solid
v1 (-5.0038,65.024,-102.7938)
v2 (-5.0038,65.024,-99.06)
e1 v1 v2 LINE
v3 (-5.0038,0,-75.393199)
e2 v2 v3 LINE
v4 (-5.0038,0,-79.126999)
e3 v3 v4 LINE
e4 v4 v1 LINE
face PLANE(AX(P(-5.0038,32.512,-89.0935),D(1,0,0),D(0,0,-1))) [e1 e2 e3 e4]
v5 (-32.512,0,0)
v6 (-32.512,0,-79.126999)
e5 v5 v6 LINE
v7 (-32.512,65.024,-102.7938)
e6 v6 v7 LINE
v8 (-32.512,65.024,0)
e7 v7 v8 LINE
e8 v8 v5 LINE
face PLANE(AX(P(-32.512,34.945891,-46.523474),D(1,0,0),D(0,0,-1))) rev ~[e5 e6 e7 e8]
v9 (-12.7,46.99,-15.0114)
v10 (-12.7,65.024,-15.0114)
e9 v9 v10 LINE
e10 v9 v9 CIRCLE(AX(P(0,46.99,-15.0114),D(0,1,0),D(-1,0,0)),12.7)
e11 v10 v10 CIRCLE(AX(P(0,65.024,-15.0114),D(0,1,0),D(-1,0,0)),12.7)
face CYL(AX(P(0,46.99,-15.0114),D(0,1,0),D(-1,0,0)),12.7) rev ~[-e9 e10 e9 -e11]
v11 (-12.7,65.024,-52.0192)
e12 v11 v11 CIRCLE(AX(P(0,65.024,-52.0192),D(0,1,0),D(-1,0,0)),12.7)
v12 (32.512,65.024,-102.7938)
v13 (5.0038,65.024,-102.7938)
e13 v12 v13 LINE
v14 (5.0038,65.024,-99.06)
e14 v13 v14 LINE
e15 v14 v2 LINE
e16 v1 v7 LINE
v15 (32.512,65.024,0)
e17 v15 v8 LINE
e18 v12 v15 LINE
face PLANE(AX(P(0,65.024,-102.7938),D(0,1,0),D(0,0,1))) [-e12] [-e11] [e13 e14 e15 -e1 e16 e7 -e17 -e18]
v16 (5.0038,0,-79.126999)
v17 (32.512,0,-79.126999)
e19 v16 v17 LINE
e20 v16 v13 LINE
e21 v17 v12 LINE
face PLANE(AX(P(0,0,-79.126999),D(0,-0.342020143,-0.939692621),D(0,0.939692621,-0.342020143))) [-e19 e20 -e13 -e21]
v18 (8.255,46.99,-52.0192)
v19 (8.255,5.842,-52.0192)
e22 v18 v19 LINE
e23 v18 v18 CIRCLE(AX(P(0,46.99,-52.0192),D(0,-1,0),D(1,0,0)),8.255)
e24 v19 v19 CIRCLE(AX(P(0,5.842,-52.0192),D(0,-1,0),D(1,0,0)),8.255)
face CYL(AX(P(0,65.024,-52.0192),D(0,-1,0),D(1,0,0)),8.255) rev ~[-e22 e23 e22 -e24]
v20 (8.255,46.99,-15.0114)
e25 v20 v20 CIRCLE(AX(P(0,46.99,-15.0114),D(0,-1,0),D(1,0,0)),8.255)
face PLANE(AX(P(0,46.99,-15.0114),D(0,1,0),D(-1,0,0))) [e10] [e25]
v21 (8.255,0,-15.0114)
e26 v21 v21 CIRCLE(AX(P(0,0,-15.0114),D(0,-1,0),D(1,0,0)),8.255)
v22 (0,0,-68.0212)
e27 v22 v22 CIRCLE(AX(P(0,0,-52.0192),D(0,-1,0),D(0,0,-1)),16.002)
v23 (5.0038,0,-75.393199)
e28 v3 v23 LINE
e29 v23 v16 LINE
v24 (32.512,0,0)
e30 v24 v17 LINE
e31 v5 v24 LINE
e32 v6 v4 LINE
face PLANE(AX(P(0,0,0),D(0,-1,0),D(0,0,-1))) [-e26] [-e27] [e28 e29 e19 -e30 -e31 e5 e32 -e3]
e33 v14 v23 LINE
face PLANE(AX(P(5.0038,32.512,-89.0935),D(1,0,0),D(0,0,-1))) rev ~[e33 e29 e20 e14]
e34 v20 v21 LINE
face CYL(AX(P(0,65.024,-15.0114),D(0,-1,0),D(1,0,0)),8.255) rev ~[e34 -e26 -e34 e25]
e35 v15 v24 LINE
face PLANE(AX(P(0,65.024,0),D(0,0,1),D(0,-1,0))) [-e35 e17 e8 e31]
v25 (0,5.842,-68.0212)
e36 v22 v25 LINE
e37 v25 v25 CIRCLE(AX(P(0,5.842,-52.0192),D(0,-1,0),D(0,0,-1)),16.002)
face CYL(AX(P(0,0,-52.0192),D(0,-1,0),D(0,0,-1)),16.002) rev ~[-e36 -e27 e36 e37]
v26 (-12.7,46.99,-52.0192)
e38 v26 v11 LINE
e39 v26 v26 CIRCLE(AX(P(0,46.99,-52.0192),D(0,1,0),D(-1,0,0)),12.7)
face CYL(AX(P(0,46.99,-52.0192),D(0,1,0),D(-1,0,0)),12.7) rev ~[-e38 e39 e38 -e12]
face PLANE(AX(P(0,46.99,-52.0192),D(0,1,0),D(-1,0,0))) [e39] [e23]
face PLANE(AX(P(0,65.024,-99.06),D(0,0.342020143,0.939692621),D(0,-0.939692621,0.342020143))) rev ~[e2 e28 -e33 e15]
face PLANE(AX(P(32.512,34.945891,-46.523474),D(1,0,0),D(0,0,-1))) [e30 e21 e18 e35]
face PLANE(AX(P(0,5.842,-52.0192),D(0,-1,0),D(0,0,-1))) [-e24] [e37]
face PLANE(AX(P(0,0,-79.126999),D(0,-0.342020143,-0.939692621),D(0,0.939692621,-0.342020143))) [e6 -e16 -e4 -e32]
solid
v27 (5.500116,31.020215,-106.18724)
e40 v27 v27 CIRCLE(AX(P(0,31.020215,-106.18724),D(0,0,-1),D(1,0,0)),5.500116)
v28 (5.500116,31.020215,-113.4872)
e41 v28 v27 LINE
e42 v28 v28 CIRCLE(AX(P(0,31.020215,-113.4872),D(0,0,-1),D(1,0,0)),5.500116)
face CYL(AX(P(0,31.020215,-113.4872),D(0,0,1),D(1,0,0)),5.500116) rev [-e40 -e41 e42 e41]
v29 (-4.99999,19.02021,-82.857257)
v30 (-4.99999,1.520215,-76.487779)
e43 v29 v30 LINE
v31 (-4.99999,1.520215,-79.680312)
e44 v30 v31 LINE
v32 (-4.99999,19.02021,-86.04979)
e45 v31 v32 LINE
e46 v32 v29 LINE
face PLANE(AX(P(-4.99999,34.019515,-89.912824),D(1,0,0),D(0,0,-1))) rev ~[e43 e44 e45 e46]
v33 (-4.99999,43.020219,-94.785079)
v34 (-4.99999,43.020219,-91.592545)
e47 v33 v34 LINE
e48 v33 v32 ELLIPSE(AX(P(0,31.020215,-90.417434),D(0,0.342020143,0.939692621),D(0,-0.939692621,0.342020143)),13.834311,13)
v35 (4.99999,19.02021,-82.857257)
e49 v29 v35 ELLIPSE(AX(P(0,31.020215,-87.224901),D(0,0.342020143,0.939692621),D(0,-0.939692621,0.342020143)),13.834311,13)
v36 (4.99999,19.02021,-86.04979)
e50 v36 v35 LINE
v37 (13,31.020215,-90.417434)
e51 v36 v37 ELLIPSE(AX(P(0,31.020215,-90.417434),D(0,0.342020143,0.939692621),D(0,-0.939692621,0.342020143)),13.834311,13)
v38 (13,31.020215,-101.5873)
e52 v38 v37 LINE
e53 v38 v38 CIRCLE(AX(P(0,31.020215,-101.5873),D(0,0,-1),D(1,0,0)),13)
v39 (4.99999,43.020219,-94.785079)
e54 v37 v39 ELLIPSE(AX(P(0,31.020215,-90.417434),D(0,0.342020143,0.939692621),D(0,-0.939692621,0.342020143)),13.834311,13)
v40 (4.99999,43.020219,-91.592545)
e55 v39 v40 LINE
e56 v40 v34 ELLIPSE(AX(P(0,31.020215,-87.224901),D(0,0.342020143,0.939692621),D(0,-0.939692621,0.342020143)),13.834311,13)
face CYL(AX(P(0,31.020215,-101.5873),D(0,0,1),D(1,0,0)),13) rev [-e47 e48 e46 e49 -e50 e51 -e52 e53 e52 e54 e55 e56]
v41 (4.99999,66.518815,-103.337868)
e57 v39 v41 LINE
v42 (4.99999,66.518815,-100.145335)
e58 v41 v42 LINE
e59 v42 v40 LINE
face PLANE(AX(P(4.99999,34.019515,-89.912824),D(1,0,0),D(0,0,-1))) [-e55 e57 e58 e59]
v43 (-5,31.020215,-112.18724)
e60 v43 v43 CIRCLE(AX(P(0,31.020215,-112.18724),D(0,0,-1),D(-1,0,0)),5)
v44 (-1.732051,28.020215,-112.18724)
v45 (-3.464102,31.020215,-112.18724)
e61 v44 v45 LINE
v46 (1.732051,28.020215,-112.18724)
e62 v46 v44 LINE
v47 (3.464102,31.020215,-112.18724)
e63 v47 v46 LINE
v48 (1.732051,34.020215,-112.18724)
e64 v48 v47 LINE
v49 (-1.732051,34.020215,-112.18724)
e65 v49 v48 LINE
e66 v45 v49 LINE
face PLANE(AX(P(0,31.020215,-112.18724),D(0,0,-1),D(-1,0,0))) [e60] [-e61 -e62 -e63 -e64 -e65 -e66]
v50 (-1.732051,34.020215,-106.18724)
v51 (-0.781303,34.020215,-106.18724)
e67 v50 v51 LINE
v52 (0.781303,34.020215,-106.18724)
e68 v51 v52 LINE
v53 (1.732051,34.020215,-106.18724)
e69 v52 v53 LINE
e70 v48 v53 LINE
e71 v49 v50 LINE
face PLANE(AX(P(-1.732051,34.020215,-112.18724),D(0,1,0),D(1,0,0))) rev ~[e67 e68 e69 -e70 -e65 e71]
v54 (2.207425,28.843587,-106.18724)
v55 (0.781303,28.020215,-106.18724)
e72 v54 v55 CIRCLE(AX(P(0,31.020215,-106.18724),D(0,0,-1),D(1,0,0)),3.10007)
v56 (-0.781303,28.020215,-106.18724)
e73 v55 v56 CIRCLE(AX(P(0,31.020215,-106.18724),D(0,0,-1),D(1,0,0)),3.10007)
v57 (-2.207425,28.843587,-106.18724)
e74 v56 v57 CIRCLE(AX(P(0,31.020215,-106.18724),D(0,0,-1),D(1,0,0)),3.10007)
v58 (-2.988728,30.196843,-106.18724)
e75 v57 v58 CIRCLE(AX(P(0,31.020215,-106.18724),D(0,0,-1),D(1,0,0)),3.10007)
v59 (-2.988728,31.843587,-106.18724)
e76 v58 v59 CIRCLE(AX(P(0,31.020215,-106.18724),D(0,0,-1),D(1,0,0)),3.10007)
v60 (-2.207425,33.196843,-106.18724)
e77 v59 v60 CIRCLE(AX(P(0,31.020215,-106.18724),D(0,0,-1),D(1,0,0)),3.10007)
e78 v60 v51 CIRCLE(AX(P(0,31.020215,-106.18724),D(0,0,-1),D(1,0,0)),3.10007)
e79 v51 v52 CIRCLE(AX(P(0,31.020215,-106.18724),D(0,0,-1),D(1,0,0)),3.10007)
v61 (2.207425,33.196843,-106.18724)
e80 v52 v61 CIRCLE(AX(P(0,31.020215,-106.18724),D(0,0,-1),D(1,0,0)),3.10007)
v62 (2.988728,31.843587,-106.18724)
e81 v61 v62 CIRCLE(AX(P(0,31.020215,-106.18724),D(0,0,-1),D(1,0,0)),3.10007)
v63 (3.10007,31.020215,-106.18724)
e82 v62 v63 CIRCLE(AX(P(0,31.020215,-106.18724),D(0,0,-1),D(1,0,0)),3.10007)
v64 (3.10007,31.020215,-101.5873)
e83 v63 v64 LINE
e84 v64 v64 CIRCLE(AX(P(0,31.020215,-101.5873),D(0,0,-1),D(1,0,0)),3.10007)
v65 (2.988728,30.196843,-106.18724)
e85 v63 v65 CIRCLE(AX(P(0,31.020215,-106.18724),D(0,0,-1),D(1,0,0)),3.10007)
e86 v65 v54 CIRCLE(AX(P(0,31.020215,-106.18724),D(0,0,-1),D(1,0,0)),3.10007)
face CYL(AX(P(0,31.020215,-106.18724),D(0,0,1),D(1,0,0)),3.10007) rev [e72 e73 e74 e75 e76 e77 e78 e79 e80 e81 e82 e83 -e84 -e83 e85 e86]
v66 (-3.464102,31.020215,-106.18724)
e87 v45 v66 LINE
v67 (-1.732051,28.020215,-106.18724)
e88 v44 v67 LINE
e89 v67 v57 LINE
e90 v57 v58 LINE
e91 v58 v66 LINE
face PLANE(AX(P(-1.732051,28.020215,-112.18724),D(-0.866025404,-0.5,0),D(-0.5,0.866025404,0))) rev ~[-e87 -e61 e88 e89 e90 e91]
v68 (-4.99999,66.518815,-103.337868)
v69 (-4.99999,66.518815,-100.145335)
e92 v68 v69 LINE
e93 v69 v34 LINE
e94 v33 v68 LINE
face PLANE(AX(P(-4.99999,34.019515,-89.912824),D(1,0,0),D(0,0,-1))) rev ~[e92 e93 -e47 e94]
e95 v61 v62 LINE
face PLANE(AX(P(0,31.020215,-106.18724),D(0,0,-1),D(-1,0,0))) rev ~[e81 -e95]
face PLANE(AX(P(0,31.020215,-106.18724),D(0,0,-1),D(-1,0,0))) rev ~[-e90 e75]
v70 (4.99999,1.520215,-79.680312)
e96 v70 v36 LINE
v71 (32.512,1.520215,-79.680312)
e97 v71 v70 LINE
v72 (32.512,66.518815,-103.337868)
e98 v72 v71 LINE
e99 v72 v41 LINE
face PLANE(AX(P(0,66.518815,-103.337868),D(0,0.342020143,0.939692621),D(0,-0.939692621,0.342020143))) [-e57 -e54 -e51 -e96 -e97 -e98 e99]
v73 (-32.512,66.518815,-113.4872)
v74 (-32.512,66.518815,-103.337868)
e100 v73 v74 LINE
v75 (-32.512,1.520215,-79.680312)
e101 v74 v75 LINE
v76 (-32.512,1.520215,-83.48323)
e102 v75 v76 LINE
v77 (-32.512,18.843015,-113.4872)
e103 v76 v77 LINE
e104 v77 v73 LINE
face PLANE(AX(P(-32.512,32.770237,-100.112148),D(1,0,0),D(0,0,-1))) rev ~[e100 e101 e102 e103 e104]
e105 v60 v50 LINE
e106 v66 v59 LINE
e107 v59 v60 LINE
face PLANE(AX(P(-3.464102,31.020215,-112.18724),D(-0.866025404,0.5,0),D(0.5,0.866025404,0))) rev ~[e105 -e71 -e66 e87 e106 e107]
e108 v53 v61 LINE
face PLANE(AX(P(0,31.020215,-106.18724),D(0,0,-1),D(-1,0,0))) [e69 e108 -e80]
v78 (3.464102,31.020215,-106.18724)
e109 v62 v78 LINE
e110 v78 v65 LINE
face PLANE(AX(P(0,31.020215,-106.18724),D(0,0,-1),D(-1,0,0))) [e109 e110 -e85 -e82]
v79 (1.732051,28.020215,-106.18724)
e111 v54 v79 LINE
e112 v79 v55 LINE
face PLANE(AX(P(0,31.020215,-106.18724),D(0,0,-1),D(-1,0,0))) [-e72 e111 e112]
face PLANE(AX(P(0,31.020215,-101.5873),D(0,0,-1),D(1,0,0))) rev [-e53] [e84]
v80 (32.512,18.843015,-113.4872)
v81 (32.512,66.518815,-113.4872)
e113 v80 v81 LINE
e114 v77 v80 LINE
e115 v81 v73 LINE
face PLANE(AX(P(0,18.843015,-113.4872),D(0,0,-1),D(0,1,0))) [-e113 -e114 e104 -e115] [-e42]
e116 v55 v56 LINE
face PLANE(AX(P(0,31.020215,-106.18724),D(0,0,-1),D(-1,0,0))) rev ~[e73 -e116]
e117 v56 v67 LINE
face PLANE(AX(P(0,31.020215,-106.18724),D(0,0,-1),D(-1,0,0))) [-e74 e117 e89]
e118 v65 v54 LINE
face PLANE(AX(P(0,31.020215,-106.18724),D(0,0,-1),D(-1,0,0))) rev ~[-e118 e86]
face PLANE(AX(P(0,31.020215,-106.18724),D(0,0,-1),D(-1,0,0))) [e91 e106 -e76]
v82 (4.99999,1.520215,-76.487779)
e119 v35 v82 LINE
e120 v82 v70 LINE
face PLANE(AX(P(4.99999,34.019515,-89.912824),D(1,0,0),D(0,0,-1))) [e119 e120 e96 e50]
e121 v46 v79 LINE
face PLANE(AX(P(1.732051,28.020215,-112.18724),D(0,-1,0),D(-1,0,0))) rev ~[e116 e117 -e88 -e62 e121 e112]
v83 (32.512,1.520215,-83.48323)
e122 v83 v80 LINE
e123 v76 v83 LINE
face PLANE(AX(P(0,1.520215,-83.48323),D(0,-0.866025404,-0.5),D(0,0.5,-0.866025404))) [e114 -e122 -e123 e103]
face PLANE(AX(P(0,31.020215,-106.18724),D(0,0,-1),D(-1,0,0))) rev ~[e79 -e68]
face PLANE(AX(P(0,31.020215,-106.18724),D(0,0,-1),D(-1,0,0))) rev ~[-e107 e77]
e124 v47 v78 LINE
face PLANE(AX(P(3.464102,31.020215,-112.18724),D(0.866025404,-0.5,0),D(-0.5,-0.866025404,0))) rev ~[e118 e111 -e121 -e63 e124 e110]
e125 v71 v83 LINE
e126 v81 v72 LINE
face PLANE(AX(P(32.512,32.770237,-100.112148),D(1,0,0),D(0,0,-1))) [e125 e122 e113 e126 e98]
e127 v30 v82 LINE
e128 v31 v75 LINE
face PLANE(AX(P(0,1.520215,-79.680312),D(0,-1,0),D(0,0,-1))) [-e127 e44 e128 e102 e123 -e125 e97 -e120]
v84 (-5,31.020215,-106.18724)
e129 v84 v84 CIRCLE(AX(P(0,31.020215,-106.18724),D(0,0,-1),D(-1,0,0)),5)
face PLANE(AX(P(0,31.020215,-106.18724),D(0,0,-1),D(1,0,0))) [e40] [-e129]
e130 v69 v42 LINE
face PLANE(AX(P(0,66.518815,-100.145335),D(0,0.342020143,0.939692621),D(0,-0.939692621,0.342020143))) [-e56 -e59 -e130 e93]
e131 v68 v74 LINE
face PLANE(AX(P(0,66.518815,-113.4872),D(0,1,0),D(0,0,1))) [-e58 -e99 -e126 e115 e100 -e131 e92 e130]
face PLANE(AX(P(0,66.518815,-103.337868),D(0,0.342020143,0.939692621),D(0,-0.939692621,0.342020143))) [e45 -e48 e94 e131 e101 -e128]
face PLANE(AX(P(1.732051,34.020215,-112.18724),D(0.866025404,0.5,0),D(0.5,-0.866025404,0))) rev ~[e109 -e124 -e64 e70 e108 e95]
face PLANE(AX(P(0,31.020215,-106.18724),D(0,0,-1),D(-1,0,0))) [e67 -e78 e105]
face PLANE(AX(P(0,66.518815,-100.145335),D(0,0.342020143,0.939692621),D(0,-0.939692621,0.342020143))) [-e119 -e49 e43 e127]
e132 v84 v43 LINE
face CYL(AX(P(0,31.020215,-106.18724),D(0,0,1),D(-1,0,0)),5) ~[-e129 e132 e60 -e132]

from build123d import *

# Parameters (mm, degrees)
EXTRUDE1_DEPTH     = 32.512
CUT_EXTRUDE1_DEPTH = 5.0038
HOLE1_D            = 16.51
HOLE1_DEPTH        = 65.024
HOLE1_CBORE_D      = 25.4
HOLE1_CBORE_DEPTH  = 18.034
EXTRUDE2_DEPTH     = 32.512
EXTRUDE3_DEPTH     = 4.99999
SKETCH10_R         = 5
EXTRUDE4_DEPTH     = 6
CUT_EXTRUDE2_DEPTH = 6
SKETCH12_R         = 16.002
CUT_EXTRUDE3_DEPTH = 5.842


with BuildPart() as part:
    # Sketch1 → Extrude1 (new body, symmetric)
    with BuildSketch(Plane(origin=(0, 0, 0), x_dir=(0, 0, -1), z_dir=(1, 0, 0))):
        Polygon((0, 65.024), (0, 0), (79.126999487, 0), (102.7938, 65.024), align=None)
    extrude(amount=EXTRUDE1_DEPTH, both=True)

    # Sketch2 → Cut-Extrude1 (cut, symmetric)
    with BuildSketch(Plane(origin=(0, 0, 0), x_dir=(0, 0, -1), z_dir=(1, 0, 0))):
        Polygon((99.06, 65.024), (75.393199487, 0), (79.126999487, 0), (102.7938, 65.024), align=None)
    extrude(amount=CUT_EXTRUDE1_DEPTH, both=True, mode=Mode.SUBTRACT)

    # Hole1
    with Locations(Plane(origin=(0, 65.024, 0), x_dir=(-1, 0, 0), z_dir=(0, 1, 0))):
        with Locations((0, -15.0114), (0, -52.0192)):
            CounterBoreHole(HOLE1_D / 2, HOLE1_CBORE_D / 2, HOLE1_CBORE_DEPTH, depth=HOLE1_DEPTH)

    # Sketch12 → Cut-Extrude3 (cut)
    with BuildSketch(Plane.XZ):
        with Locations(Location((0, -52.0192, 0), (0, 0, 270))):  # turned: the seam where the file's is
            Circle(SKETCH12_R)
    extrude(amount=-CUT_EXTRUDE3_DEPTH, mode=Mode.SUBTRACT)


with BuildPart() as body_2:
    # Sketch7 → Extrude2 (new body, symmetric)
    with BuildSketch(Plane(origin=(0, 0, 0), x_dir=(0, 0, -1), z_dir=(1, 0, 0))):
        Polygon((79.680312331, 1.520214545), (83.483230271, 1.520214545), (113.4872, 18.843014545), (113.4872, 66.518814545), (103.337868, 66.518814545), align=None)
    extrude(amount=EXTRUDE2_DEPTH, both=True)

    # Sketch8 → Extrude3 (add, symmetric)
    with BuildSketch(Plane(origin=(0, 0, 0), x_dir=(0, 0, -1), z_dir=(1, 0, 0))):
        Polygon((103.337868, 66.518814545), (100.145334683, 66.518814545), (76.487779014, 1.520214545), (79.680312331, 1.520214545), align=None)
    extrude(amount=EXTRUDE3_DEPTH, both=True)

    # Sketch9 → Cut-Revolve1 (revolve, cut)
    with BuildSketch(Plane(origin=(0, 0, 0), x_dir=(0, 0, -1), z_dir=(1, 0, 0)), mode=Mode.PRIVATE) as cut_revolve1_sk:
        Polygon((76.1873, 31.020214545), (113.4872, 31.020214545), (113.4872, 36.520330545), (106.18724, 36.520330545), (106.18724, 34.120284545), (101.5873, 34.120284545), (101.5873, 44.020214545), (76.1873, 44.020214545), align=None)
    revolve(cut_revolve1_sk.sketch.rotate(Axis((0, 31.020214545, -47.431210166), (0, 0, -1)), 90), axis=Axis((0, 31.020214545, -47.431210166), (0, 0, -1)), mode=Mode.SUBTRACT)  # turned: the seam where the file's is

    # Sketch10 → Extrude4 (add)
    with BuildSketch(Plane(origin=(0, 0, -106.18724), x_dir=(-1, 0, 0), z_dir=(0, 0, -1))):
        with Locations((0, 31.020214545)):
            Circle(SKETCH10_R)
    extrude(amount=EXTRUDE4_DEPTH)

    # Sketch11 → Cut-Extrude2 (cut)
    with BuildSketch(Plane(origin=(0, 0, -112.18724), x_dir=(-1, 0, 0), z_dir=(0, 0, -1))):
        Polygon((1.732050808, 28.020214545), (3.464101615, 31.020214545), (1.732050808, 34.020214545), (-1.732050808, 34.020214545), (-3.464101615, 31.020214545), (-1.732050808, 28.020214545), align=None)
    extrude(amount=-CUT_EXTRUDE2_DEPTH, mode=Mode.SUBTRACT)


solid = Compound([part.part, body_2.part])
